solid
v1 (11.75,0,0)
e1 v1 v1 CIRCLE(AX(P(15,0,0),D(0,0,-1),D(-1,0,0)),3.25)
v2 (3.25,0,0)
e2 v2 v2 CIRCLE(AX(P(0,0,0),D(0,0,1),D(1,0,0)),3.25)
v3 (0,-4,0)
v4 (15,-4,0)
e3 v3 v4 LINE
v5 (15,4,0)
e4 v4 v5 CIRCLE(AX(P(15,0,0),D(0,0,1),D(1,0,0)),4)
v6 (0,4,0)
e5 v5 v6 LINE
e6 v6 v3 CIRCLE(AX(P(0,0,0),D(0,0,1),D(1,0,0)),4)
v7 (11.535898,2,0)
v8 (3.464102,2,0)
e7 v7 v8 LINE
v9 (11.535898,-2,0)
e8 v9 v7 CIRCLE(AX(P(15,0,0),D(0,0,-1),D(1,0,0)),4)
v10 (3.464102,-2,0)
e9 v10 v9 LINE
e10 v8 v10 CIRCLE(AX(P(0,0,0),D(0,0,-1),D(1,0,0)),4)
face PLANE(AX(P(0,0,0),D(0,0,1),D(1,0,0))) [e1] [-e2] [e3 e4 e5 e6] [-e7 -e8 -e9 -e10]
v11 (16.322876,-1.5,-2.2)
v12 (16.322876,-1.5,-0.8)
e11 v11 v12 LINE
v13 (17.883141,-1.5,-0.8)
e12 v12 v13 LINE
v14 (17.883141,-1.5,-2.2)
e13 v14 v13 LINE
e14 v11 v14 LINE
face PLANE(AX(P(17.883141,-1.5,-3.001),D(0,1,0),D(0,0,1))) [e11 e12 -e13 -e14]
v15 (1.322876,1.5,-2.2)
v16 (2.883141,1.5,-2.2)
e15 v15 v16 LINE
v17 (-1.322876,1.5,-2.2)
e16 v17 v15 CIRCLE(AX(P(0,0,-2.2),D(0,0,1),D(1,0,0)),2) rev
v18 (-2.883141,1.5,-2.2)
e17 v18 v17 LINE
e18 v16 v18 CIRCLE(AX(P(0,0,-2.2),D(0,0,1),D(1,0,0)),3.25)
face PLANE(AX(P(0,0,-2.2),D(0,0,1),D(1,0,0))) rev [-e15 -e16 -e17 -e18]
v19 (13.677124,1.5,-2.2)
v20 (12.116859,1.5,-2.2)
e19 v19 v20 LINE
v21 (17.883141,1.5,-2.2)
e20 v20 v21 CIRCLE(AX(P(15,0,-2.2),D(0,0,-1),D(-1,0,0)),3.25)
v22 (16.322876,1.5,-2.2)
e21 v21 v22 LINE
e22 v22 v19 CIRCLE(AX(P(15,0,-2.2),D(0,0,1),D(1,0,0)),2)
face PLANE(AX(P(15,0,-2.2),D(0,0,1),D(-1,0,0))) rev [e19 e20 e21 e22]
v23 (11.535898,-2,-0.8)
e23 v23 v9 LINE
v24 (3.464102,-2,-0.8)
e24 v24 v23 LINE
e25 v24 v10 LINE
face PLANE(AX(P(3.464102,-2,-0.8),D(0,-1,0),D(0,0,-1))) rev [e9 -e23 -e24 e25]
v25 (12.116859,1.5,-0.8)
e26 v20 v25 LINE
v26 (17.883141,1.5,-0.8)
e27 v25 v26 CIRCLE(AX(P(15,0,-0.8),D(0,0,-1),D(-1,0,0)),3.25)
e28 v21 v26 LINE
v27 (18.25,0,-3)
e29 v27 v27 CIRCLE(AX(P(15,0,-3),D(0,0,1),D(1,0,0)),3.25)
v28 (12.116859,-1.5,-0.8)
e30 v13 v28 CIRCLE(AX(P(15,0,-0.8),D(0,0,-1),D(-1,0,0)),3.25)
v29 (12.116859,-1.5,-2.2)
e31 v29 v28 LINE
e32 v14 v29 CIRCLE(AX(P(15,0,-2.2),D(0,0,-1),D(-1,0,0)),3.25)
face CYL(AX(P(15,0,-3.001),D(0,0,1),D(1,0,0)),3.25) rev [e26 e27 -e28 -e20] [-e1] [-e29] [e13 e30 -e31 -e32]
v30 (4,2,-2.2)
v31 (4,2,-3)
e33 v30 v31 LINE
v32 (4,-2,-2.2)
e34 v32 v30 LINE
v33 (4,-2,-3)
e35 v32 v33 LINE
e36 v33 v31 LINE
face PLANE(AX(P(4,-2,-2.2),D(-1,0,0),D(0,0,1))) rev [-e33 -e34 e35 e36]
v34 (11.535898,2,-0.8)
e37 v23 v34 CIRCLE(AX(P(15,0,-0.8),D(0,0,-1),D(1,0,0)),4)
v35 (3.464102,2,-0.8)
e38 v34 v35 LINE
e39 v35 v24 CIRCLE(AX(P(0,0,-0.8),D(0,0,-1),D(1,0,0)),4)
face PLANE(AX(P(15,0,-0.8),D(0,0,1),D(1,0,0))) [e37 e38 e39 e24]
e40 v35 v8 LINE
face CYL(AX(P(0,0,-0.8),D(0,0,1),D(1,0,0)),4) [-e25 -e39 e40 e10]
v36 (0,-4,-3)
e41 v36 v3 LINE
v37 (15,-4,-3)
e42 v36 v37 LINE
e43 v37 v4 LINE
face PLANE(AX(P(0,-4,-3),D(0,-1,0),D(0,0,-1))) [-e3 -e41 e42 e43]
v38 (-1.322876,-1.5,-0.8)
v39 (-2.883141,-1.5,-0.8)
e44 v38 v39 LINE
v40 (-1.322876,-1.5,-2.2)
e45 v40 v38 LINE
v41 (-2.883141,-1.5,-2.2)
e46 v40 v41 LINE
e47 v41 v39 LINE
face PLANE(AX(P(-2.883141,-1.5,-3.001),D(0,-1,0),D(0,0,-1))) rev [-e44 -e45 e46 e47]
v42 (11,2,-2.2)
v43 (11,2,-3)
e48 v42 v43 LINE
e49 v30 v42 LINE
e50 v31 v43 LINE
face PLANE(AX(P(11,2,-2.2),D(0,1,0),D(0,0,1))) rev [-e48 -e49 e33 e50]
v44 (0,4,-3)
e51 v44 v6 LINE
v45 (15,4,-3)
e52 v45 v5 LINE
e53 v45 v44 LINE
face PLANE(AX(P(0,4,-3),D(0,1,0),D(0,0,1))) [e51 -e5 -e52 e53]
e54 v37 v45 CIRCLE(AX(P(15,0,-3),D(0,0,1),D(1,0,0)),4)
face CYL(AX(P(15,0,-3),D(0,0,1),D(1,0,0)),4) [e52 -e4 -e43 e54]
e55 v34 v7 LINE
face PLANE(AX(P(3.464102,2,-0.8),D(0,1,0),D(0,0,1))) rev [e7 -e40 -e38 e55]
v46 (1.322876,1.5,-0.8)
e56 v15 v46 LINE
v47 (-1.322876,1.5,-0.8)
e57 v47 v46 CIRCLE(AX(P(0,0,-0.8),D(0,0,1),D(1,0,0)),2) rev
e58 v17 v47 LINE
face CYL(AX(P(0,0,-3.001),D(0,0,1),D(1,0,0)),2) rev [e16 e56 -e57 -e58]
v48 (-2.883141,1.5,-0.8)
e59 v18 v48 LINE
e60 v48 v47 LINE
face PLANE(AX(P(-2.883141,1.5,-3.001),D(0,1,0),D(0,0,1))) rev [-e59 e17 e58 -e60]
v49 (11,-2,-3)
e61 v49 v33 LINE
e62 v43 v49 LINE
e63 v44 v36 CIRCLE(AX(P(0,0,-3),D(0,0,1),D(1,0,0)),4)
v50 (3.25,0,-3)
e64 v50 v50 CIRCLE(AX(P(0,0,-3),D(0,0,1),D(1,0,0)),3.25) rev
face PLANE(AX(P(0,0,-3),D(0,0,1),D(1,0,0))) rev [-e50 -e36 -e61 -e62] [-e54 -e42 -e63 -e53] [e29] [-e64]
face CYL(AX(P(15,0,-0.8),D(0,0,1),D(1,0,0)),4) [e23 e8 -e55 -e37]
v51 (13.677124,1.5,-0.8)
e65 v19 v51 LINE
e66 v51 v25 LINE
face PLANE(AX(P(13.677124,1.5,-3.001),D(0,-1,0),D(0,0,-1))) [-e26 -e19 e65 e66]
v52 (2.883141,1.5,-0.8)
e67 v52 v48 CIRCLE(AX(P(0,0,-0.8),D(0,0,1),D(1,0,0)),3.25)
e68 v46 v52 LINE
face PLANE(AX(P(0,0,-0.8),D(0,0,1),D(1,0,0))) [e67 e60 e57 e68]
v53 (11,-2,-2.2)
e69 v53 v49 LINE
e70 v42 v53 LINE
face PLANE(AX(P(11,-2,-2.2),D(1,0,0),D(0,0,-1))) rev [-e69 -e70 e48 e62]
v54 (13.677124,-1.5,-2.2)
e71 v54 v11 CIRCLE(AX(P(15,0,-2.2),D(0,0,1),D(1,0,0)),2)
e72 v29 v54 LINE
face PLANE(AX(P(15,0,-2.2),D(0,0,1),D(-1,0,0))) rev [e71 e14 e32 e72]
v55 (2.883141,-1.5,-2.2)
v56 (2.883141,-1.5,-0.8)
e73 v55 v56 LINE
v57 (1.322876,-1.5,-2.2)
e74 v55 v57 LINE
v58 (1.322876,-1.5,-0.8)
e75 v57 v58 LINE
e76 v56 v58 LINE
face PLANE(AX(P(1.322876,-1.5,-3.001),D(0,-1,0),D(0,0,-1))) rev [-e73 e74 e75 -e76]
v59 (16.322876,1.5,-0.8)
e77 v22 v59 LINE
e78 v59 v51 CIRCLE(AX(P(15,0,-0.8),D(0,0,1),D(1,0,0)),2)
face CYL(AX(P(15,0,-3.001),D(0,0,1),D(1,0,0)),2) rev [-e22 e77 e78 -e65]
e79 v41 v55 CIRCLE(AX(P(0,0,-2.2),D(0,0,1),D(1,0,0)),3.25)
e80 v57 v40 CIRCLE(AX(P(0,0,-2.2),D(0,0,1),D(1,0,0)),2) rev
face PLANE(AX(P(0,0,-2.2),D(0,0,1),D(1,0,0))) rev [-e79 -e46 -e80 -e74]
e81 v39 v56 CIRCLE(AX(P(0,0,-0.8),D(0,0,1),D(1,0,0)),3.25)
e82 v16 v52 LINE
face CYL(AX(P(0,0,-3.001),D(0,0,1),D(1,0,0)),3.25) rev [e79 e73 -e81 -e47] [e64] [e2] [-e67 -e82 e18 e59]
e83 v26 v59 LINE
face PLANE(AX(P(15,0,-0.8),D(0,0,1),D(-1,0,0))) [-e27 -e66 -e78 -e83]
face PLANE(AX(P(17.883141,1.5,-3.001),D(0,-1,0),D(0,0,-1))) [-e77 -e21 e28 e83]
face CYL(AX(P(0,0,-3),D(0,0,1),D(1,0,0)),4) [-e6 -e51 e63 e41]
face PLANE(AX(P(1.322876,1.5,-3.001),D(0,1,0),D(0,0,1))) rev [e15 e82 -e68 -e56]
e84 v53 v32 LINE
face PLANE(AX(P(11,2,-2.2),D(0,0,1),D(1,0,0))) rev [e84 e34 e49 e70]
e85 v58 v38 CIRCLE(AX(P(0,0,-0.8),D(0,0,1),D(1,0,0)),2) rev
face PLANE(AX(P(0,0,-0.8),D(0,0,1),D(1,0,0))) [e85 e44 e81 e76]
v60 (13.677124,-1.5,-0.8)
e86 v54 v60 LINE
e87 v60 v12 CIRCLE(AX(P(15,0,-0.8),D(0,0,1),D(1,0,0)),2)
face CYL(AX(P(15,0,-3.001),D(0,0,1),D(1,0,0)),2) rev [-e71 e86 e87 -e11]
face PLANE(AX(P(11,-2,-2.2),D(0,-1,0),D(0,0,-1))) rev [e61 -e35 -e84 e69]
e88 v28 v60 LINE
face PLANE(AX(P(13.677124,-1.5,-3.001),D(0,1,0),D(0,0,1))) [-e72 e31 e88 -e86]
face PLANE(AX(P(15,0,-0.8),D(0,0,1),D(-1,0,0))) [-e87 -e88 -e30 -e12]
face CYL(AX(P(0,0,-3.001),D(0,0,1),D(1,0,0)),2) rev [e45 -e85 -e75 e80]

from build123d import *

# Parameters (mm, degrees)
EXTRUDE_1_DEPTH     = 3
CUT_EXTRUDE_1_REACH = 21.647
SKETCH_3_R          = 3.25
CUT_EXTRUDE_2_DEPTH = 0.8
CUT_EXTRUDE_START   = -2.2
SKETCH_3_2_R        = 3.25
CUT_EXTRUDE_3_DEPTH = 0.8
CUT_EXTRUDE_4_DEPTH = 0.8
SKETCH_5_W          = 7
SKETCH_5_H          = 4
CUT_EXTRUDE_5_DEPTH = 0.8


with BuildPart() as part:
    # 草图1 → 凸台-拉伸1 (new body)
    with BuildSketch(Plane.XY):
        with BuildLine():
            Line((0, 4), (15, 4))
            ThreePointArc((15, 4), (19, 0), (15, -4))
            Line((15, -4), (0, -4))
            ThreePointArc((0, -4), (-4, 0), (0, 4))
        make_face()
    extrude(amount=-EXTRUDE_1_DEPTH)

    # 草图2 → 切除-拉伸1 (cut, up to next)
    with BuildSketch(Plane.XY, mode=Mode.PRIVATE) as cut_extrude_1_sk1:
        with BuildLine():
            Line((1.322875656, -1.5), (2.883140649, -1.5))
            ThreePointArc((2.883140649, -1.5), (3.25, 0), (2.883140649, 1.5))
            Line((2.883140649, 1.5), (1.322875656, 1.5))
            ThreePointArc((1.322875656, 1.5), (0, 2), (-1.322875656, 1.5))
            Line((-1.322875656, 1.5), (-2.883140649, 1.5))
            ThreePointArc((-2.883140649, 1.5), (-3.25, 0), (-2.883140649, -1.5))
            Line((-2.883140649, -1.5), (-1.322875656, -1.5))
            ThreePointArc((-1.322875656, -1.5), (0, -2), (1.322875656, -1.5))
        make_face()
    cut_extrude_1_tool1 = extrude(cut_extrude_1_sk1.sketch, amount=-CUT_EXTRUDE_1_REACH, mode=Mode.PRIVATE) & part.part
    cut_extrude_1 = cut_extrude_1_tool1.solids().sort_by_distance((0, 0, 0))[0]
    add(cut_extrude_1, mode=Mode.SUBTRACT)

    # 草图3 → 切除-拉伸2 (cut)
    with BuildSketch(Plane.XY):
        Circle(SKETCH_3_R)
    cut_extrude_2 = extrude(amount=-CUT_EXTRUDE_2_DEPTH, mode=Mode.SUBTRACT)

    # 草图3<2> → 切除-拉伸3 (cut)
    with BuildSketch(Plane.XY.offset(CUT_EXTRUDE_START)):
        Circle(SKETCH_3_2_R)
    cut_extrude_3 = extrude(amount=-CUT_EXTRUDE_3_DEPTH, mode=Mode.SUBTRACT)

    # 镜向1: 切除-拉伸1, 切除-拉伸2, 切除-拉伸3 across plane
    add(cut_extrude_1.mirror(Plane(origin=(7.5, 0, 0), x_dir=(0, 0, 1), z_dir=(1, 0, 0))), mode=Mode.SUBTRACT)
    add(cut_extrude_2.mirror(Plane(origin=(7.5, 0, 0), x_dir=(0, 0, 1), z_dir=(1, 0, 0))), mode=Mode.SUBTRACT)
    add(cut_extrude_3.mirror(Plane(origin=(7.5, 0, 0), x_dir=(0, 0, 1), z_dir=(1, 0, 0))), mode=Mode.SUBTRACT)

    # 草图4 → 切除-拉伸4 (cut)
    with BuildSketch(Plane.XY):
        with BuildLine():
            Line((3.464101615, 2), (11.535898385, 2))
            ThreePointArc((11.535898385, 2), (11, 0), (11.535898385, -2))
            Line((11.535898385, -2), (3.464101615, -2))
            ThreePointArc((3.464101615, -2), (4, 0), (3.464101615, 2))
        make_face()
    extrude(amount=-CUT_EXTRUDE_4_DEPTH, mode=Mode.SUBTRACT)

    # 草图5 → 切除-拉伸5 (cut)
    with BuildSketch(Plane(origin=(0, 0, -3), x_dir=(-1, 0, 0), z_dir=(0, 0, -1))):
        with Locations((-7.5, 0)):
            Rectangle(SKETCH_5_W, SKETCH_5_H)
    extrude(amount=-CUT_EXTRUDE_5_DEPTH, mode=Mode.SUBTRACT)


solid = part.part
